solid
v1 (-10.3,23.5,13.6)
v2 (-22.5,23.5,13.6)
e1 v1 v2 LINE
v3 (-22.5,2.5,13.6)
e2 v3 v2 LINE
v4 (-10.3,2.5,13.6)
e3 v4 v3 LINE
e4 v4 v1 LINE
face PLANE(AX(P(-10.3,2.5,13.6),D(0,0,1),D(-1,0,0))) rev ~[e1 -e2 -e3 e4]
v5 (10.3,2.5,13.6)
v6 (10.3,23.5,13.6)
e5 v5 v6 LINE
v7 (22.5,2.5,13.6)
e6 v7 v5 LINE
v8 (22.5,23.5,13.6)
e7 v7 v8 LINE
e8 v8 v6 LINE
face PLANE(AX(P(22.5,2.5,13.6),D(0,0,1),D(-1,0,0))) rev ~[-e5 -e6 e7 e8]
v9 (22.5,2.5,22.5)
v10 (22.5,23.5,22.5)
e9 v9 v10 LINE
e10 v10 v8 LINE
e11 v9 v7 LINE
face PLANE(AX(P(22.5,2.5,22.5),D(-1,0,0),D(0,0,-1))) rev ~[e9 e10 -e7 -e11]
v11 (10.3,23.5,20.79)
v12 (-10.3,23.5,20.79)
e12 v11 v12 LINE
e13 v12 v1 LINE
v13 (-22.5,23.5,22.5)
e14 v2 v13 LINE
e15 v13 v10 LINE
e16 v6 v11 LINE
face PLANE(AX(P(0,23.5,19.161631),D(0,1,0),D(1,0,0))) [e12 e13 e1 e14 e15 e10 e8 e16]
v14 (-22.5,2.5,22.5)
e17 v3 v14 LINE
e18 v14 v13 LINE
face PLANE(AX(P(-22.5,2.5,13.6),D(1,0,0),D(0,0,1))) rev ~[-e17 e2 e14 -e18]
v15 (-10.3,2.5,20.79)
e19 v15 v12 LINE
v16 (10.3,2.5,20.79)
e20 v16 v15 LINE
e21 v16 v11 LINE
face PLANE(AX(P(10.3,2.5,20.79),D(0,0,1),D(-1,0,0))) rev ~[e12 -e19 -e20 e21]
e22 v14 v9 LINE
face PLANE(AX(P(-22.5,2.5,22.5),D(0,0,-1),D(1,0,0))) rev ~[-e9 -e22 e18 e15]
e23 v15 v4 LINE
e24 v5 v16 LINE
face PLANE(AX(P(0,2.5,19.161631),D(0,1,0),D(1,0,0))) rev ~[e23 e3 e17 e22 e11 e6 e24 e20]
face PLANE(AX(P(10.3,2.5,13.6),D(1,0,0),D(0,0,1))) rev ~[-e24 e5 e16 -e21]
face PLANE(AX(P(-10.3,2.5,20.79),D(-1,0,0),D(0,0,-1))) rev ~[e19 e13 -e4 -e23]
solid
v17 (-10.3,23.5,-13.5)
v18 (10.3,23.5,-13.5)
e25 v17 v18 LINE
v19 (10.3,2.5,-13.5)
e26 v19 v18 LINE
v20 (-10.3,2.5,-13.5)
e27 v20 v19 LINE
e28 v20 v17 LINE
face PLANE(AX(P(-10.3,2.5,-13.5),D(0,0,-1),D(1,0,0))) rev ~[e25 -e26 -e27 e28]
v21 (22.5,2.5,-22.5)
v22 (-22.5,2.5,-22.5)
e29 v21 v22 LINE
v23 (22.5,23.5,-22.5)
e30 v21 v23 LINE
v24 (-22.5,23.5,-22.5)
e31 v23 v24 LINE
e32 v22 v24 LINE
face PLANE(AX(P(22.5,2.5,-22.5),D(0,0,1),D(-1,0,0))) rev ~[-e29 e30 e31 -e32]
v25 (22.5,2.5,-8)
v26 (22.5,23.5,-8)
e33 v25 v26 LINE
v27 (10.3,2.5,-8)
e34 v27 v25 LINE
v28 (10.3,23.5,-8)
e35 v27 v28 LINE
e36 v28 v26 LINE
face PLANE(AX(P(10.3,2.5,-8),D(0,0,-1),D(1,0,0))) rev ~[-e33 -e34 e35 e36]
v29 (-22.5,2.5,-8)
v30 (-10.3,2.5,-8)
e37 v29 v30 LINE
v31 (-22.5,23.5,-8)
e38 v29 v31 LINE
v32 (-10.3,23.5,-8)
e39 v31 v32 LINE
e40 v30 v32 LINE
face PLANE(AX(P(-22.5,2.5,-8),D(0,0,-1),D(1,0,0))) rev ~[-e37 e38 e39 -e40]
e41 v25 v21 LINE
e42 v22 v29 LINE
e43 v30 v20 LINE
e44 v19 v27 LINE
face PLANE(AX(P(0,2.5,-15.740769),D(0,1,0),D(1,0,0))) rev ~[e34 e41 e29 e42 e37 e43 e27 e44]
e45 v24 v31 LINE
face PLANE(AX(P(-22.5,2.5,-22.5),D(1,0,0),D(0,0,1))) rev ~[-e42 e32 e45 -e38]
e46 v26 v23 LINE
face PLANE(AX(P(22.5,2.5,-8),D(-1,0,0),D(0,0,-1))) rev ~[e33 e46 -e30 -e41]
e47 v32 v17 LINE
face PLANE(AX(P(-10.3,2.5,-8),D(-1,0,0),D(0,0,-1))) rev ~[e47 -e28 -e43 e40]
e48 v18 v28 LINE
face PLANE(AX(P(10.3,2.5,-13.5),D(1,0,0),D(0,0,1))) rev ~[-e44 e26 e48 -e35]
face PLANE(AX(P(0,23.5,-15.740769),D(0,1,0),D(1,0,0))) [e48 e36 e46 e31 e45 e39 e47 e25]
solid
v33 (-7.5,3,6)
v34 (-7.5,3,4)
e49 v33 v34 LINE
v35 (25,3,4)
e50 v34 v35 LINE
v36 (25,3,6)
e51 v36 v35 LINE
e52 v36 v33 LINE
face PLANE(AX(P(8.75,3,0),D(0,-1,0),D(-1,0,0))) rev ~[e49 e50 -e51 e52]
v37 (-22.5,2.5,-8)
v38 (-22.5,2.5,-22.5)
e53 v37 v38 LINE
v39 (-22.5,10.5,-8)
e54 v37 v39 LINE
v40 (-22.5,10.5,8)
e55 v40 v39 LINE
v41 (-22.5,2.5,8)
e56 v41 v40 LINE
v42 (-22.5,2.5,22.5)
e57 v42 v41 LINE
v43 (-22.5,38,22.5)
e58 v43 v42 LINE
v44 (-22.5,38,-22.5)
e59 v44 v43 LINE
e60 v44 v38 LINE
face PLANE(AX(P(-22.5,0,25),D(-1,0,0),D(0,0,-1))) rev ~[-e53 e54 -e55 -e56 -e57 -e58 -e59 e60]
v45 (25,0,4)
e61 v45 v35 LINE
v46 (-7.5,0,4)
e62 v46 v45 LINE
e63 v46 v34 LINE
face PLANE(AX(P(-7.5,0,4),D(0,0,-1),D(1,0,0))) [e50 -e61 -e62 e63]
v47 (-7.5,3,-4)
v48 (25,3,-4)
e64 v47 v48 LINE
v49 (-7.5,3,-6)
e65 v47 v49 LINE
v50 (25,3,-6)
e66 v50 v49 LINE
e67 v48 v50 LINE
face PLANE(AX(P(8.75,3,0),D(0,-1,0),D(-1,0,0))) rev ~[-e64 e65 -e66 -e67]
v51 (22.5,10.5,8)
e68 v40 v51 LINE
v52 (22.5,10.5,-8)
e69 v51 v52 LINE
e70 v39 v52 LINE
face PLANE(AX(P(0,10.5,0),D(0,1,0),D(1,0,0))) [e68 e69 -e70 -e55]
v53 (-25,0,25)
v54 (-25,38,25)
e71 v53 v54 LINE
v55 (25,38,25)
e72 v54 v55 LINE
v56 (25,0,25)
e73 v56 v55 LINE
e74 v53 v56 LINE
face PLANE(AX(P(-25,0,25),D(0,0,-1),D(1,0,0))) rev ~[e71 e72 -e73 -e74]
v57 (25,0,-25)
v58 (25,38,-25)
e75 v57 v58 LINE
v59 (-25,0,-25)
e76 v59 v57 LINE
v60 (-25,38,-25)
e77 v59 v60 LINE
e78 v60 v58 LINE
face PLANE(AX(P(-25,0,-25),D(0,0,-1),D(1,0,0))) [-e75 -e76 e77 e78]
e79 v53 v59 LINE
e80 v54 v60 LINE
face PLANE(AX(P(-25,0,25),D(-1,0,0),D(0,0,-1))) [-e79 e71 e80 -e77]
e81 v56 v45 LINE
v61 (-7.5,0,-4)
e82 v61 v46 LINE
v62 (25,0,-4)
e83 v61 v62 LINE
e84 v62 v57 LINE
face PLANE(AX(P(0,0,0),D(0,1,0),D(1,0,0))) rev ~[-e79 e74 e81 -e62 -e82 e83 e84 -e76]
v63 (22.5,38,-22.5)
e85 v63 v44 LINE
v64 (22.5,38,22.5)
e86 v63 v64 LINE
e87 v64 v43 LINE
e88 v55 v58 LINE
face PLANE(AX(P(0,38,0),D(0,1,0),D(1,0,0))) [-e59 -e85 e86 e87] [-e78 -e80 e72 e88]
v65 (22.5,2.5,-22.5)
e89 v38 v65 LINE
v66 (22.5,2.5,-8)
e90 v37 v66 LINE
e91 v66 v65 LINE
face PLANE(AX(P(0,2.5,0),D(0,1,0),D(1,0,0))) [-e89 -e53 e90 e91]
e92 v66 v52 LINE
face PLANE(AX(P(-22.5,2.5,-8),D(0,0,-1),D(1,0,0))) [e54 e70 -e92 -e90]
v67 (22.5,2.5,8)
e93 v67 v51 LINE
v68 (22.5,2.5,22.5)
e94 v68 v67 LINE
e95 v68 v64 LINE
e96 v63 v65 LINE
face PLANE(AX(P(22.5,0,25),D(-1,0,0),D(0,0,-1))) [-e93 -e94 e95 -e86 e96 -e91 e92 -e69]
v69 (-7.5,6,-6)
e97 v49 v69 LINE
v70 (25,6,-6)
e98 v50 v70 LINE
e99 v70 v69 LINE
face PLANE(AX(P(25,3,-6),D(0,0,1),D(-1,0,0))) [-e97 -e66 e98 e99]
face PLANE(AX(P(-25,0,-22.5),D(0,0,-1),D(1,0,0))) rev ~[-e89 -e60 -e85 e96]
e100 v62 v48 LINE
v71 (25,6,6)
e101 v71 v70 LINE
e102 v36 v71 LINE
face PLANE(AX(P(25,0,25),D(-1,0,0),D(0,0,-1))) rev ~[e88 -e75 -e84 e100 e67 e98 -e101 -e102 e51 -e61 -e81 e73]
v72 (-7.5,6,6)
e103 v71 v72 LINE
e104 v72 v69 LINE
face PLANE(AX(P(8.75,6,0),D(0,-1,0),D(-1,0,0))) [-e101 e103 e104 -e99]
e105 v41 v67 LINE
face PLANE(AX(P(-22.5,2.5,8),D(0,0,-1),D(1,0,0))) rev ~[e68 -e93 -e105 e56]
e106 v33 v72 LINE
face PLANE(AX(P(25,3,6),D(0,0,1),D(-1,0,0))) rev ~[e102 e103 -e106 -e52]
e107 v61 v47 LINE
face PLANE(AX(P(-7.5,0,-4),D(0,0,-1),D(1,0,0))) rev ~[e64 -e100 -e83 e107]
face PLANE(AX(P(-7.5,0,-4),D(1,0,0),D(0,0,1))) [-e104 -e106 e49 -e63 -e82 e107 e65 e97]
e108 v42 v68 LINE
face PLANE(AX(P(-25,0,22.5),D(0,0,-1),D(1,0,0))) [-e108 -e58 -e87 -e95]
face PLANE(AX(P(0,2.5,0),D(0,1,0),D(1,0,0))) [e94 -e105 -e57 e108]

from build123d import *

# Parameters (mm, degrees)
SKETCH1_W             = 50
SKETCH1_H             = 50
BOSS_EXTRUDE1_DEPTH   = 38
SHELL1_T              = -2.5
BOSS_EXTRUDE2_DEPTH   = 21
BOSS_EXTRUDE2_2_DEPTH = 21
SKETCH3_W             = 45
SKETCH3_H             = 16
BOSS_EXTRUDE3_DEPTH   = 8
SKETCH4_W             = 32.5
SKETCH4_H             = 8
CUT_EXTRUDE1_DEPTH    = 3
SKETCH7_W             = 32.5
SKETCH7_H             = 12
CUT_EXTRUDE2_DEPTH    = 3


with BuildPart() as part:
    # Sketch1 → Boss-Extrude1 (new body)
    with BuildSketch(Plane(origin=(0, 0, 0), x_dir=(1, 0, 0), z_dir=(0, 1, 0))):
        Rectangle(SKETCH1_W, SKETCH1_H)
    extrude(amount=BOSS_EXTRUDE1_DEPTH)

    # Shell1
    shell1_openings = [part.faces().sort_by_distance(p)[0] for p in [
        (0, 38, 0),
    ]]
    offset(amount=SHELL1_T, openings=shell1_openings, kind=Kind.INTERSECTION)

    # Sketch3 → Boss-Extrude3 (add)
    with BuildSketch(Plane(origin=(0, 2.5, 0), x_dir=(1, 0, 0), z_dir=(0, 1, 0))):
        Rectangle(SKETCH3_W, SKETCH3_H)
    extrude(amount=BOSS_EXTRUDE3_DEPTH)

    # Sketch4 → Cut-Extrude1 (cut)
    with BuildSketch(Plane.XZ):
        with Locations((8.75, 0)):
            Rectangle(SKETCH4_W, SKETCH4_H)
    extrude(amount=-CUT_EXTRUDE1_DEPTH, mode=Mode.SUBTRACT)

    # Sketch7 → Cut-Extrude2 (cut)
    with BuildSketch(Plane(origin=(0, 3, 0), x_dir=(-1, 0, 0), z_dir=(0, -1, 0))):
        with Locations((-8.75, 0)):
            Rectangle(SKETCH7_W, SKETCH7_H)
    extrude(amount=-CUT_EXTRUDE2_DEPTH, mode=Mode.SUBTRACT)


with BuildPart() as body_2:
    # Sketch2 → Boss-Extrude2 (new body)
    with BuildSketch(Plane(origin=(0, 2.5, 0), x_dir=(1, 0, 0), z_dir=(0, 1, 0))):
        Polygon((-10.3, -13.6), (-22.5, -13.6), (-22.5, -22.5), (0.190053949, -22.5), (22.5, -22.5), (22.5, -13.6), (10.3, -13.6), (10.3, -20.79), (0.190053949, -20.79), (-10.3, -20.79), align=None)
    extrude(amount=BOSS_EXTRUDE2_DEPTH)


with BuildPart() as body_3:
    # Sketch2 → Boss-Extrude2 2 (new body)
    with BuildSketch(Plane(origin=(0, 2.5, 0), x_dir=(1, 0, 0), z_dir=(0, 1, 0))):
        Polygon((-22.5, 8), (-10.3, 8), (-10.3, 13.5), (0, 13.5), (10.3, 13.5), (10.3, 8), (22.5, 8), (22.5, 22.5), (0, 22.5), (-22.5, 22.5), align=None)
    extrude(amount=BOSS_EXTRUDE2_2_DEPTH)


solid = Compound([part.part, body_2.part, body_3.part])
